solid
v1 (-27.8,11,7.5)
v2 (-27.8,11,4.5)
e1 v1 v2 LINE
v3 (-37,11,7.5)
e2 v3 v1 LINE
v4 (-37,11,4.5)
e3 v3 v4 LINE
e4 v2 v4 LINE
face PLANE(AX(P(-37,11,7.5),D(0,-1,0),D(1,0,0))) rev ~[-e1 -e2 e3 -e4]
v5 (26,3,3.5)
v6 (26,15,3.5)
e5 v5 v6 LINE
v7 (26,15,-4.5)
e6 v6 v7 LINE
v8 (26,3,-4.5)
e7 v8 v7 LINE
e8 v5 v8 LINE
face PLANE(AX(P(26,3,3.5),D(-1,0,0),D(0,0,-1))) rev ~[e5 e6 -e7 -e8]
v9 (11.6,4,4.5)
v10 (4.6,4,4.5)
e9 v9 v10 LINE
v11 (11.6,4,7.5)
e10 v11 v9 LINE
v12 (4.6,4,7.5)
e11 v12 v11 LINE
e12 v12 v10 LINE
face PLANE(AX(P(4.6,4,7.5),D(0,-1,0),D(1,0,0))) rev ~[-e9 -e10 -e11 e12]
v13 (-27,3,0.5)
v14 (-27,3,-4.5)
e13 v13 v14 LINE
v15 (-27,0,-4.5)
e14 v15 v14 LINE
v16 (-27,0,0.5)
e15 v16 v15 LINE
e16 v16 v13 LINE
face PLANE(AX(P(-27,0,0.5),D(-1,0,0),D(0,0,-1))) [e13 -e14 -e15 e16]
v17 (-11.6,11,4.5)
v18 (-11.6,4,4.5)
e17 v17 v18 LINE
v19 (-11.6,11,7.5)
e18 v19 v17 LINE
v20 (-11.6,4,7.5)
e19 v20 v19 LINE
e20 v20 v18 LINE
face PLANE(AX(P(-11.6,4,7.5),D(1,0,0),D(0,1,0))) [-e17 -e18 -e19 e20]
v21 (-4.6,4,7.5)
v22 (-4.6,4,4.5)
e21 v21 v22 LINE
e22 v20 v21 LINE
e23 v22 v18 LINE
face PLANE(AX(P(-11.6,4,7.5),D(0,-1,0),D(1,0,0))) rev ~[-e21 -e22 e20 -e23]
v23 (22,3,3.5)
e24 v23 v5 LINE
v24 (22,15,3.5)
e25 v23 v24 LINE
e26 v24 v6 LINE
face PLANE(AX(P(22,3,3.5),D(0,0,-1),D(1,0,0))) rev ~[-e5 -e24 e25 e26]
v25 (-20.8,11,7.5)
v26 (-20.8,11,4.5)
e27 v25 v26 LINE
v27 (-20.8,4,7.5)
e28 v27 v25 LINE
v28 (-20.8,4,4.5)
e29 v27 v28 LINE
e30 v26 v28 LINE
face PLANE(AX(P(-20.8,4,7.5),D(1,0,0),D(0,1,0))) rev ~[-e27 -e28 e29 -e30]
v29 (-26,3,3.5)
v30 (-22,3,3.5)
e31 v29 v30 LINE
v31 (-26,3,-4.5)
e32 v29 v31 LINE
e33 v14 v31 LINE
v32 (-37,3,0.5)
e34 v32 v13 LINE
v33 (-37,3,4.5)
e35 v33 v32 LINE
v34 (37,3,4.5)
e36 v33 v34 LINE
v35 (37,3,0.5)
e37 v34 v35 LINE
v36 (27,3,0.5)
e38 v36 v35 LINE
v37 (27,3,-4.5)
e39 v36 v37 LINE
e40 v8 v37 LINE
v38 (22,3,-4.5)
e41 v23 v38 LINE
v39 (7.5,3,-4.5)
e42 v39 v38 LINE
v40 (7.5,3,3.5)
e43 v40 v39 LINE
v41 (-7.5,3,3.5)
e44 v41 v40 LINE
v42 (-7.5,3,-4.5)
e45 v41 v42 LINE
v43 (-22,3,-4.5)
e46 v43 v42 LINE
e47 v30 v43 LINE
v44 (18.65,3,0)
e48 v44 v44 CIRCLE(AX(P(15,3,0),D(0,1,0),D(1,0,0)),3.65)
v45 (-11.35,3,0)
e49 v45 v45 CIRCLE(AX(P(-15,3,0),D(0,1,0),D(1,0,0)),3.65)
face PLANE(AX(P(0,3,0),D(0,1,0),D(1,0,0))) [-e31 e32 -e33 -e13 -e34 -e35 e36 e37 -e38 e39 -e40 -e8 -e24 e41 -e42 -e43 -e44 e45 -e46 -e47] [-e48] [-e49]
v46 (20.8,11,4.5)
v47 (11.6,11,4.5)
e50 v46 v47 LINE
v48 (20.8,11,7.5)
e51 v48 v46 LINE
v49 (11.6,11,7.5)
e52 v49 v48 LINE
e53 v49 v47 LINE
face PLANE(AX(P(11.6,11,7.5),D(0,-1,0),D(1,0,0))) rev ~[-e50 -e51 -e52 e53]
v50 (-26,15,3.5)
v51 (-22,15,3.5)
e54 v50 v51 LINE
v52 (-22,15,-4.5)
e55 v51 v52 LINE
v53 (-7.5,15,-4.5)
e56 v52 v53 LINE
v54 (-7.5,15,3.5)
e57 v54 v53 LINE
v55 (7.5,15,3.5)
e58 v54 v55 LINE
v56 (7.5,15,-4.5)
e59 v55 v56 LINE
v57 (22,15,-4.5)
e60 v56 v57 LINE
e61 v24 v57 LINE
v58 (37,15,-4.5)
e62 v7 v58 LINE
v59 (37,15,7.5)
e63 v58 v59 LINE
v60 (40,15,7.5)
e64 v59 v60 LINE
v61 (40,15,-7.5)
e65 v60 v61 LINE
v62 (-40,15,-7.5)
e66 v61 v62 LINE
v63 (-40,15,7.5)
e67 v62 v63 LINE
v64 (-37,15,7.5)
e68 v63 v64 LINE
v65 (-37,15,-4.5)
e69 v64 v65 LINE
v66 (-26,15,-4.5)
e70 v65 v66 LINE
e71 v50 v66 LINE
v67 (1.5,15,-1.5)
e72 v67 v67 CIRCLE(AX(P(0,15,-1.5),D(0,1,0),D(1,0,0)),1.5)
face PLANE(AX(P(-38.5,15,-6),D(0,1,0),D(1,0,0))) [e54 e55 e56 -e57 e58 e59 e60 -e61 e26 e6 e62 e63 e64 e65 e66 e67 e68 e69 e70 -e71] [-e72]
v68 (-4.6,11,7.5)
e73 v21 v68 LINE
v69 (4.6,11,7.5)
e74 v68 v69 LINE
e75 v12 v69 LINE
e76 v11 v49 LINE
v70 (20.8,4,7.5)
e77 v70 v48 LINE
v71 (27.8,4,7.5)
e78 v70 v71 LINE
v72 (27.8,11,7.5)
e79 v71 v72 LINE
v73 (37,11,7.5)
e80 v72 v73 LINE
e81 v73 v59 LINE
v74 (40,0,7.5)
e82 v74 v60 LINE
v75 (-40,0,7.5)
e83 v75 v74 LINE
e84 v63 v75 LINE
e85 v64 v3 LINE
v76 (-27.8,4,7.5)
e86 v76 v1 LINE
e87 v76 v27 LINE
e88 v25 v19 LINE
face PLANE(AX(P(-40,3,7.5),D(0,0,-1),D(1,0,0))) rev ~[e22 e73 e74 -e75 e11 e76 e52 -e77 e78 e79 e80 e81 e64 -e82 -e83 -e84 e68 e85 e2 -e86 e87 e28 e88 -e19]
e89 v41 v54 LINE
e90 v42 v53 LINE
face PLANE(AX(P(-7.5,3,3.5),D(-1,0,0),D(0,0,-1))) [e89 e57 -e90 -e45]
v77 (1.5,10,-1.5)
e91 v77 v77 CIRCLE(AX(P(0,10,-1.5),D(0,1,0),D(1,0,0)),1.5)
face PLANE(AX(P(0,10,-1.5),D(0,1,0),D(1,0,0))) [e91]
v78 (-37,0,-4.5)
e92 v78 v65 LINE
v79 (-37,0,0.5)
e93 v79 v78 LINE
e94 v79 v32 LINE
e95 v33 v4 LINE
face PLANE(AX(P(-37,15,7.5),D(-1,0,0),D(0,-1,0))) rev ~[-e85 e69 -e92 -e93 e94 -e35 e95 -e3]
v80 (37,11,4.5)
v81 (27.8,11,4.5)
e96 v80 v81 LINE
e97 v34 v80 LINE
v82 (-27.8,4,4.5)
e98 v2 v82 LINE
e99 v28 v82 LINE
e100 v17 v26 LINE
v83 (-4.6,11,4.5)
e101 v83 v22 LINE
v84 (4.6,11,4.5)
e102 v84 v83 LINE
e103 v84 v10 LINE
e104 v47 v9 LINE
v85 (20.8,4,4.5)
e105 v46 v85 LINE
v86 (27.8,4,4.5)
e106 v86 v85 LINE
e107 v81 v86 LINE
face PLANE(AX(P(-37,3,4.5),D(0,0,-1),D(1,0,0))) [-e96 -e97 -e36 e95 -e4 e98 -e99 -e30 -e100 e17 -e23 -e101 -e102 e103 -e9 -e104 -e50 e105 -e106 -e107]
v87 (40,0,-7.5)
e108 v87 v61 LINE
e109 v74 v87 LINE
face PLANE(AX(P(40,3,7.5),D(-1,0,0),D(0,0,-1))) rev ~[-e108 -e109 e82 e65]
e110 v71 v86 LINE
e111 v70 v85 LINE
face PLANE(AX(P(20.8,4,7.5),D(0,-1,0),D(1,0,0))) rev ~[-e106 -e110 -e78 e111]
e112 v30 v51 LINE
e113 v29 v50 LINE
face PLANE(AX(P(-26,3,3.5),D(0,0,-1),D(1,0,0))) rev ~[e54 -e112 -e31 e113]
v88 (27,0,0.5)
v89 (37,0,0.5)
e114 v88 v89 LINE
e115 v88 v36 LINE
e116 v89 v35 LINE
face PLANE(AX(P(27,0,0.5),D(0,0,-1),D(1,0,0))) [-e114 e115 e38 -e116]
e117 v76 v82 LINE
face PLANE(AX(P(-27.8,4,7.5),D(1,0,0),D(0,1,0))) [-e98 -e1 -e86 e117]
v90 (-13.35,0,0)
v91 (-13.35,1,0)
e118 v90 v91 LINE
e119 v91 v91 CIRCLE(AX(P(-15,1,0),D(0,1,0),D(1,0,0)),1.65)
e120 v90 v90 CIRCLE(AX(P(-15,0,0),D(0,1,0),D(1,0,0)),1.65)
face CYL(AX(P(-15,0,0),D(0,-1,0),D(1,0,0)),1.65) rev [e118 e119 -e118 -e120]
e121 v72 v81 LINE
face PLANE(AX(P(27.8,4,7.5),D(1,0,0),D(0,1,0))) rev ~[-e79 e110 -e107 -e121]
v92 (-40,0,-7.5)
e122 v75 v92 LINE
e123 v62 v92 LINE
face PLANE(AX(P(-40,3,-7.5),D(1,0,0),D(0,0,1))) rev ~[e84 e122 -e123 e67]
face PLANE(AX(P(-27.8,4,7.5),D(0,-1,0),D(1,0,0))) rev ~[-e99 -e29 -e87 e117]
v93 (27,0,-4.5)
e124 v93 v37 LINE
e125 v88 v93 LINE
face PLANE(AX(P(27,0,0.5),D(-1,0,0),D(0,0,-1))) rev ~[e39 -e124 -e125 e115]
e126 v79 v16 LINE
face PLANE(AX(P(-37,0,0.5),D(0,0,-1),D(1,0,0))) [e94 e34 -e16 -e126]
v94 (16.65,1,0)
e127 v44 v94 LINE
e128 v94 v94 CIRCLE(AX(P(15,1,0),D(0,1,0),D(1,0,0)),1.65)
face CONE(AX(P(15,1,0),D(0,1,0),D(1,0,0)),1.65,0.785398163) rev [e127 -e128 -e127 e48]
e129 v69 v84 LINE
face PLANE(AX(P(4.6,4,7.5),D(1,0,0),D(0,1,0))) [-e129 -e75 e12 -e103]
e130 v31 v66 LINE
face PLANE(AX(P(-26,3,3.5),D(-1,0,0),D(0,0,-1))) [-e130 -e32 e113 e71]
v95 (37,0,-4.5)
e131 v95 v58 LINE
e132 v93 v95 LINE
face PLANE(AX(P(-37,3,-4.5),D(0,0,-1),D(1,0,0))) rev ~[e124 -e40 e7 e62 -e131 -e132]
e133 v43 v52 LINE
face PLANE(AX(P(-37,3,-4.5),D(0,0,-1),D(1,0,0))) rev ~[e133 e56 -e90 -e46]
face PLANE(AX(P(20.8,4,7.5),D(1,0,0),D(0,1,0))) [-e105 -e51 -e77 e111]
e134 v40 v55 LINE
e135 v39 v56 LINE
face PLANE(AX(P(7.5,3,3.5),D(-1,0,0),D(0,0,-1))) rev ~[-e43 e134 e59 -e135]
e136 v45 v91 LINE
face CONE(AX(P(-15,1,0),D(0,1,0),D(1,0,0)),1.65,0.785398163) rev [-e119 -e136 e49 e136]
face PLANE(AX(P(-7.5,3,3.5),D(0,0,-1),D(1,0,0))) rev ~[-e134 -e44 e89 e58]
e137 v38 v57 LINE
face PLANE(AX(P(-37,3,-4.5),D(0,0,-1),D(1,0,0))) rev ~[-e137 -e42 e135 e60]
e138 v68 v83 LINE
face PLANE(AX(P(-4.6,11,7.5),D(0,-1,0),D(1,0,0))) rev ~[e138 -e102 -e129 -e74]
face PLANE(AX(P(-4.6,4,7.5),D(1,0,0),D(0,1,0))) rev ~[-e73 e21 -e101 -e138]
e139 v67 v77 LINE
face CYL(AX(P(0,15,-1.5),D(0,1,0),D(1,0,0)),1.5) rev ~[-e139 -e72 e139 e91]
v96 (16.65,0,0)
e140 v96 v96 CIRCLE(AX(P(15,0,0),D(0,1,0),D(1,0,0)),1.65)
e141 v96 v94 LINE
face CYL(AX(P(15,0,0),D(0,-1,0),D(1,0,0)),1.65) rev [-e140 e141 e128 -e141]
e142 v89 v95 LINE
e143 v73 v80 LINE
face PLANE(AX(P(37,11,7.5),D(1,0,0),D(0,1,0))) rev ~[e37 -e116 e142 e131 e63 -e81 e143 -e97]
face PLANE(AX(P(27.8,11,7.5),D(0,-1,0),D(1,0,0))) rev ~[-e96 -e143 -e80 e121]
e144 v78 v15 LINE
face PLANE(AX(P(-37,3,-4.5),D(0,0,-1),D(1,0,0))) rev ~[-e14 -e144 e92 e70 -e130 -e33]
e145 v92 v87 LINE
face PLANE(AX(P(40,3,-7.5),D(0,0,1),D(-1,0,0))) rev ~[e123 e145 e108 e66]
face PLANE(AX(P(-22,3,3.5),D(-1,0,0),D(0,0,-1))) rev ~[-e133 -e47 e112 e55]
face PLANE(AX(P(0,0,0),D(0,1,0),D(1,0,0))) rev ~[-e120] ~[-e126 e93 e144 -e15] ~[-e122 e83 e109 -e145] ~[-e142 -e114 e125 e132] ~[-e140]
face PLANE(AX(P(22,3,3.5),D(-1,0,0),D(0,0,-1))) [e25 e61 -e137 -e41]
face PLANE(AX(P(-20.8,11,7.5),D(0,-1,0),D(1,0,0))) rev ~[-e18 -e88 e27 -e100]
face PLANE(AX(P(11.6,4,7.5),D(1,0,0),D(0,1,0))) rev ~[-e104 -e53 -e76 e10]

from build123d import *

# Parameters (mm, degrees)
SKETCH1_W      = 80
SKETCH1_H      = 15
SKETCH1_R      = 1.65
SKETCH1_W_2    = 10
SKETCH1_H_2    = 5
EXTRUDE1_DEPTH = 3
SKETCH2_W      = 3
SKETCH2_H      = 3
SKETCH2_H_2    = 9
SKETCH2_W_2    = 74
EXTRUDE2_DEPTH = 12
SKETCH3_W      = 7
SKETCH3_H      = 7
EXTRUDE3_DEPTH = 5
CHAMFER2_SIZE  = 2
CHAMFER3_SIZE  = 2
SKETCH4_W      = 15
SKETCH4_H      = 8
SKETCH4_W_2    = 4
EXTRUDE4_DEPTH = 12
SKETCH5_R      = 1.5
EXTRUDE5_DEPTH = 5


with BuildPart() as part:
    # Sketch1 → Extrude1 (new body)
    with BuildSketch(Plane(origin=(0, 0, 0), x_dir=(1, 0, 0), z_dir=(0, 1, 0))):
        Rectangle(SKETCH1_W, SKETCH1_H)
        with Locations((-15, 0)):
            Circle(SKETCH1_R, mode=Mode.SUBTRACT)
        with Locations((15, 0)):
            Circle(SKETCH1_R, mode=Mode.SUBTRACT)
        with Locations((-32, 2)):
            Rectangle(SKETCH1_W_2, SKETCH1_H_2, mode=Mode.SUBTRACT)
        with Locations((32, 2)):
            Rectangle(SKETCH1_W_2, SKETCH1_H_2, mode=Mode.SUBTRACT)
    extrude(amount=EXTRUDE1_DEPTH)

    # Sketch2 → Extrude2 (add)
    with BuildSketch(Plane(origin=(0, 3, 0), x_dir=(1, 0, 0), z_dir=(0, 1, 0))):
        with Locations((-38.5, 6)):
            Rectangle(SKETCH2_W, SKETCH2_H)
        with Locations((-38.5, 0)):
            Rectangle(SKETCH2_W, SKETCH2_H_2)
        with Locations((0, 6)):
            Rectangle(SKETCH2_W_2, SKETCH2_H)
        with Locations((-38.5, -6)):
            Rectangle(SKETCH2_W, SKETCH2_H)
        with Locations((0, -6)):
            Rectangle(SKETCH2_W_2, SKETCH2_H)
        with Locations((38.5, 6)):
            Rectangle(SKETCH2_W, SKETCH2_H)
        with Locations((38.5, 0)):
            Rectangle(SKETCH2_W, SKETCH2_H_2)
        with Locations((38.5, -6)):
            Rectangle(SKETCH2_W, SKETCH2_H)
    extrude(amount=EXTRUDE2_DEPTH)

    # Sketch3 → Extrude3 (cut)
    with BuildSketch(Plane.XY.offset(7.5)):
        Polygon((-20.8, 11), (-11.6, 11), (-4.6, 11), (4.6, 11), (11.6, 11), (20.8, 11), (27.8, 11), (37, 11), (37, 15), (-37, 15), (-37, 11), (-27.8, 11), align=None)
        with Locations((-24.3, 7.5)):
            Rectangle(SKETCH3_W, SKETCH3_H)
        with Locations((-8.1, 7.5)):
            Rectangle(SKETCH3_W, SKETCH3_H)
        with Locations((8.1, 7.5)):
            Rectangle(SKETCH3_W, SKETCH3_H)
        with Locations((24.3, 7.5)):
            Rectangle(SKETCH3_W, SKETCH3_H)
    extrude(amount=-EXTRUDE3_DEPTH, mode=Mode.SUBTRACT)

    # Chamfer2
    chamfer2_edges = [part.edges().sort_by_distance(p)[0] for p in [
        (13.35, 3, 0),
    ]]
    chamfer(chamfer2_edges, length=CHAMFER2_SIZE)

    # Chamfer3
    chamfer3_edges = [part.edges().sort_by_distance(p)[0] for p in [
        (-16.65, 3, 0),
    ]]
    chamfer(chamfer3_edges, length=CHAMFER3_SIZE)

    # Sketch4 → Extrude4 (add)
    with BuildSketch(Plane(origin=(0, 3, 0), x_dir=(1, 0, 0), z_dir=(0, 1, 0))):
        with Locations((0, 0.5)):
            Rectangle(SKETCH4_W, SKETCH4_H)
        with Locations((-24, 0.5)):
            Rectangle(SKETCH4_W_2, SKETCH4_H)
        with Locations((24, 0.5)):
            Rectangle(SKETCH4_W_2, SKETCH4_H)
    extrude(amount=EXTRUDE4_DEPTH)

    # Sketch5 → Extrude5 (cut)
    with BuildSketch(Plane(origin=(0, 15, 0), x_dir=(1, 0, 0), z_dir=(0, 1, 0))):
        with Locations((0, 1.5)):
            Circle(SKETCH5_R)
    extrude(amount=-EXTRUDE5_DEPTH, mode=Mode.SUBTRACT)


solid = part.part
